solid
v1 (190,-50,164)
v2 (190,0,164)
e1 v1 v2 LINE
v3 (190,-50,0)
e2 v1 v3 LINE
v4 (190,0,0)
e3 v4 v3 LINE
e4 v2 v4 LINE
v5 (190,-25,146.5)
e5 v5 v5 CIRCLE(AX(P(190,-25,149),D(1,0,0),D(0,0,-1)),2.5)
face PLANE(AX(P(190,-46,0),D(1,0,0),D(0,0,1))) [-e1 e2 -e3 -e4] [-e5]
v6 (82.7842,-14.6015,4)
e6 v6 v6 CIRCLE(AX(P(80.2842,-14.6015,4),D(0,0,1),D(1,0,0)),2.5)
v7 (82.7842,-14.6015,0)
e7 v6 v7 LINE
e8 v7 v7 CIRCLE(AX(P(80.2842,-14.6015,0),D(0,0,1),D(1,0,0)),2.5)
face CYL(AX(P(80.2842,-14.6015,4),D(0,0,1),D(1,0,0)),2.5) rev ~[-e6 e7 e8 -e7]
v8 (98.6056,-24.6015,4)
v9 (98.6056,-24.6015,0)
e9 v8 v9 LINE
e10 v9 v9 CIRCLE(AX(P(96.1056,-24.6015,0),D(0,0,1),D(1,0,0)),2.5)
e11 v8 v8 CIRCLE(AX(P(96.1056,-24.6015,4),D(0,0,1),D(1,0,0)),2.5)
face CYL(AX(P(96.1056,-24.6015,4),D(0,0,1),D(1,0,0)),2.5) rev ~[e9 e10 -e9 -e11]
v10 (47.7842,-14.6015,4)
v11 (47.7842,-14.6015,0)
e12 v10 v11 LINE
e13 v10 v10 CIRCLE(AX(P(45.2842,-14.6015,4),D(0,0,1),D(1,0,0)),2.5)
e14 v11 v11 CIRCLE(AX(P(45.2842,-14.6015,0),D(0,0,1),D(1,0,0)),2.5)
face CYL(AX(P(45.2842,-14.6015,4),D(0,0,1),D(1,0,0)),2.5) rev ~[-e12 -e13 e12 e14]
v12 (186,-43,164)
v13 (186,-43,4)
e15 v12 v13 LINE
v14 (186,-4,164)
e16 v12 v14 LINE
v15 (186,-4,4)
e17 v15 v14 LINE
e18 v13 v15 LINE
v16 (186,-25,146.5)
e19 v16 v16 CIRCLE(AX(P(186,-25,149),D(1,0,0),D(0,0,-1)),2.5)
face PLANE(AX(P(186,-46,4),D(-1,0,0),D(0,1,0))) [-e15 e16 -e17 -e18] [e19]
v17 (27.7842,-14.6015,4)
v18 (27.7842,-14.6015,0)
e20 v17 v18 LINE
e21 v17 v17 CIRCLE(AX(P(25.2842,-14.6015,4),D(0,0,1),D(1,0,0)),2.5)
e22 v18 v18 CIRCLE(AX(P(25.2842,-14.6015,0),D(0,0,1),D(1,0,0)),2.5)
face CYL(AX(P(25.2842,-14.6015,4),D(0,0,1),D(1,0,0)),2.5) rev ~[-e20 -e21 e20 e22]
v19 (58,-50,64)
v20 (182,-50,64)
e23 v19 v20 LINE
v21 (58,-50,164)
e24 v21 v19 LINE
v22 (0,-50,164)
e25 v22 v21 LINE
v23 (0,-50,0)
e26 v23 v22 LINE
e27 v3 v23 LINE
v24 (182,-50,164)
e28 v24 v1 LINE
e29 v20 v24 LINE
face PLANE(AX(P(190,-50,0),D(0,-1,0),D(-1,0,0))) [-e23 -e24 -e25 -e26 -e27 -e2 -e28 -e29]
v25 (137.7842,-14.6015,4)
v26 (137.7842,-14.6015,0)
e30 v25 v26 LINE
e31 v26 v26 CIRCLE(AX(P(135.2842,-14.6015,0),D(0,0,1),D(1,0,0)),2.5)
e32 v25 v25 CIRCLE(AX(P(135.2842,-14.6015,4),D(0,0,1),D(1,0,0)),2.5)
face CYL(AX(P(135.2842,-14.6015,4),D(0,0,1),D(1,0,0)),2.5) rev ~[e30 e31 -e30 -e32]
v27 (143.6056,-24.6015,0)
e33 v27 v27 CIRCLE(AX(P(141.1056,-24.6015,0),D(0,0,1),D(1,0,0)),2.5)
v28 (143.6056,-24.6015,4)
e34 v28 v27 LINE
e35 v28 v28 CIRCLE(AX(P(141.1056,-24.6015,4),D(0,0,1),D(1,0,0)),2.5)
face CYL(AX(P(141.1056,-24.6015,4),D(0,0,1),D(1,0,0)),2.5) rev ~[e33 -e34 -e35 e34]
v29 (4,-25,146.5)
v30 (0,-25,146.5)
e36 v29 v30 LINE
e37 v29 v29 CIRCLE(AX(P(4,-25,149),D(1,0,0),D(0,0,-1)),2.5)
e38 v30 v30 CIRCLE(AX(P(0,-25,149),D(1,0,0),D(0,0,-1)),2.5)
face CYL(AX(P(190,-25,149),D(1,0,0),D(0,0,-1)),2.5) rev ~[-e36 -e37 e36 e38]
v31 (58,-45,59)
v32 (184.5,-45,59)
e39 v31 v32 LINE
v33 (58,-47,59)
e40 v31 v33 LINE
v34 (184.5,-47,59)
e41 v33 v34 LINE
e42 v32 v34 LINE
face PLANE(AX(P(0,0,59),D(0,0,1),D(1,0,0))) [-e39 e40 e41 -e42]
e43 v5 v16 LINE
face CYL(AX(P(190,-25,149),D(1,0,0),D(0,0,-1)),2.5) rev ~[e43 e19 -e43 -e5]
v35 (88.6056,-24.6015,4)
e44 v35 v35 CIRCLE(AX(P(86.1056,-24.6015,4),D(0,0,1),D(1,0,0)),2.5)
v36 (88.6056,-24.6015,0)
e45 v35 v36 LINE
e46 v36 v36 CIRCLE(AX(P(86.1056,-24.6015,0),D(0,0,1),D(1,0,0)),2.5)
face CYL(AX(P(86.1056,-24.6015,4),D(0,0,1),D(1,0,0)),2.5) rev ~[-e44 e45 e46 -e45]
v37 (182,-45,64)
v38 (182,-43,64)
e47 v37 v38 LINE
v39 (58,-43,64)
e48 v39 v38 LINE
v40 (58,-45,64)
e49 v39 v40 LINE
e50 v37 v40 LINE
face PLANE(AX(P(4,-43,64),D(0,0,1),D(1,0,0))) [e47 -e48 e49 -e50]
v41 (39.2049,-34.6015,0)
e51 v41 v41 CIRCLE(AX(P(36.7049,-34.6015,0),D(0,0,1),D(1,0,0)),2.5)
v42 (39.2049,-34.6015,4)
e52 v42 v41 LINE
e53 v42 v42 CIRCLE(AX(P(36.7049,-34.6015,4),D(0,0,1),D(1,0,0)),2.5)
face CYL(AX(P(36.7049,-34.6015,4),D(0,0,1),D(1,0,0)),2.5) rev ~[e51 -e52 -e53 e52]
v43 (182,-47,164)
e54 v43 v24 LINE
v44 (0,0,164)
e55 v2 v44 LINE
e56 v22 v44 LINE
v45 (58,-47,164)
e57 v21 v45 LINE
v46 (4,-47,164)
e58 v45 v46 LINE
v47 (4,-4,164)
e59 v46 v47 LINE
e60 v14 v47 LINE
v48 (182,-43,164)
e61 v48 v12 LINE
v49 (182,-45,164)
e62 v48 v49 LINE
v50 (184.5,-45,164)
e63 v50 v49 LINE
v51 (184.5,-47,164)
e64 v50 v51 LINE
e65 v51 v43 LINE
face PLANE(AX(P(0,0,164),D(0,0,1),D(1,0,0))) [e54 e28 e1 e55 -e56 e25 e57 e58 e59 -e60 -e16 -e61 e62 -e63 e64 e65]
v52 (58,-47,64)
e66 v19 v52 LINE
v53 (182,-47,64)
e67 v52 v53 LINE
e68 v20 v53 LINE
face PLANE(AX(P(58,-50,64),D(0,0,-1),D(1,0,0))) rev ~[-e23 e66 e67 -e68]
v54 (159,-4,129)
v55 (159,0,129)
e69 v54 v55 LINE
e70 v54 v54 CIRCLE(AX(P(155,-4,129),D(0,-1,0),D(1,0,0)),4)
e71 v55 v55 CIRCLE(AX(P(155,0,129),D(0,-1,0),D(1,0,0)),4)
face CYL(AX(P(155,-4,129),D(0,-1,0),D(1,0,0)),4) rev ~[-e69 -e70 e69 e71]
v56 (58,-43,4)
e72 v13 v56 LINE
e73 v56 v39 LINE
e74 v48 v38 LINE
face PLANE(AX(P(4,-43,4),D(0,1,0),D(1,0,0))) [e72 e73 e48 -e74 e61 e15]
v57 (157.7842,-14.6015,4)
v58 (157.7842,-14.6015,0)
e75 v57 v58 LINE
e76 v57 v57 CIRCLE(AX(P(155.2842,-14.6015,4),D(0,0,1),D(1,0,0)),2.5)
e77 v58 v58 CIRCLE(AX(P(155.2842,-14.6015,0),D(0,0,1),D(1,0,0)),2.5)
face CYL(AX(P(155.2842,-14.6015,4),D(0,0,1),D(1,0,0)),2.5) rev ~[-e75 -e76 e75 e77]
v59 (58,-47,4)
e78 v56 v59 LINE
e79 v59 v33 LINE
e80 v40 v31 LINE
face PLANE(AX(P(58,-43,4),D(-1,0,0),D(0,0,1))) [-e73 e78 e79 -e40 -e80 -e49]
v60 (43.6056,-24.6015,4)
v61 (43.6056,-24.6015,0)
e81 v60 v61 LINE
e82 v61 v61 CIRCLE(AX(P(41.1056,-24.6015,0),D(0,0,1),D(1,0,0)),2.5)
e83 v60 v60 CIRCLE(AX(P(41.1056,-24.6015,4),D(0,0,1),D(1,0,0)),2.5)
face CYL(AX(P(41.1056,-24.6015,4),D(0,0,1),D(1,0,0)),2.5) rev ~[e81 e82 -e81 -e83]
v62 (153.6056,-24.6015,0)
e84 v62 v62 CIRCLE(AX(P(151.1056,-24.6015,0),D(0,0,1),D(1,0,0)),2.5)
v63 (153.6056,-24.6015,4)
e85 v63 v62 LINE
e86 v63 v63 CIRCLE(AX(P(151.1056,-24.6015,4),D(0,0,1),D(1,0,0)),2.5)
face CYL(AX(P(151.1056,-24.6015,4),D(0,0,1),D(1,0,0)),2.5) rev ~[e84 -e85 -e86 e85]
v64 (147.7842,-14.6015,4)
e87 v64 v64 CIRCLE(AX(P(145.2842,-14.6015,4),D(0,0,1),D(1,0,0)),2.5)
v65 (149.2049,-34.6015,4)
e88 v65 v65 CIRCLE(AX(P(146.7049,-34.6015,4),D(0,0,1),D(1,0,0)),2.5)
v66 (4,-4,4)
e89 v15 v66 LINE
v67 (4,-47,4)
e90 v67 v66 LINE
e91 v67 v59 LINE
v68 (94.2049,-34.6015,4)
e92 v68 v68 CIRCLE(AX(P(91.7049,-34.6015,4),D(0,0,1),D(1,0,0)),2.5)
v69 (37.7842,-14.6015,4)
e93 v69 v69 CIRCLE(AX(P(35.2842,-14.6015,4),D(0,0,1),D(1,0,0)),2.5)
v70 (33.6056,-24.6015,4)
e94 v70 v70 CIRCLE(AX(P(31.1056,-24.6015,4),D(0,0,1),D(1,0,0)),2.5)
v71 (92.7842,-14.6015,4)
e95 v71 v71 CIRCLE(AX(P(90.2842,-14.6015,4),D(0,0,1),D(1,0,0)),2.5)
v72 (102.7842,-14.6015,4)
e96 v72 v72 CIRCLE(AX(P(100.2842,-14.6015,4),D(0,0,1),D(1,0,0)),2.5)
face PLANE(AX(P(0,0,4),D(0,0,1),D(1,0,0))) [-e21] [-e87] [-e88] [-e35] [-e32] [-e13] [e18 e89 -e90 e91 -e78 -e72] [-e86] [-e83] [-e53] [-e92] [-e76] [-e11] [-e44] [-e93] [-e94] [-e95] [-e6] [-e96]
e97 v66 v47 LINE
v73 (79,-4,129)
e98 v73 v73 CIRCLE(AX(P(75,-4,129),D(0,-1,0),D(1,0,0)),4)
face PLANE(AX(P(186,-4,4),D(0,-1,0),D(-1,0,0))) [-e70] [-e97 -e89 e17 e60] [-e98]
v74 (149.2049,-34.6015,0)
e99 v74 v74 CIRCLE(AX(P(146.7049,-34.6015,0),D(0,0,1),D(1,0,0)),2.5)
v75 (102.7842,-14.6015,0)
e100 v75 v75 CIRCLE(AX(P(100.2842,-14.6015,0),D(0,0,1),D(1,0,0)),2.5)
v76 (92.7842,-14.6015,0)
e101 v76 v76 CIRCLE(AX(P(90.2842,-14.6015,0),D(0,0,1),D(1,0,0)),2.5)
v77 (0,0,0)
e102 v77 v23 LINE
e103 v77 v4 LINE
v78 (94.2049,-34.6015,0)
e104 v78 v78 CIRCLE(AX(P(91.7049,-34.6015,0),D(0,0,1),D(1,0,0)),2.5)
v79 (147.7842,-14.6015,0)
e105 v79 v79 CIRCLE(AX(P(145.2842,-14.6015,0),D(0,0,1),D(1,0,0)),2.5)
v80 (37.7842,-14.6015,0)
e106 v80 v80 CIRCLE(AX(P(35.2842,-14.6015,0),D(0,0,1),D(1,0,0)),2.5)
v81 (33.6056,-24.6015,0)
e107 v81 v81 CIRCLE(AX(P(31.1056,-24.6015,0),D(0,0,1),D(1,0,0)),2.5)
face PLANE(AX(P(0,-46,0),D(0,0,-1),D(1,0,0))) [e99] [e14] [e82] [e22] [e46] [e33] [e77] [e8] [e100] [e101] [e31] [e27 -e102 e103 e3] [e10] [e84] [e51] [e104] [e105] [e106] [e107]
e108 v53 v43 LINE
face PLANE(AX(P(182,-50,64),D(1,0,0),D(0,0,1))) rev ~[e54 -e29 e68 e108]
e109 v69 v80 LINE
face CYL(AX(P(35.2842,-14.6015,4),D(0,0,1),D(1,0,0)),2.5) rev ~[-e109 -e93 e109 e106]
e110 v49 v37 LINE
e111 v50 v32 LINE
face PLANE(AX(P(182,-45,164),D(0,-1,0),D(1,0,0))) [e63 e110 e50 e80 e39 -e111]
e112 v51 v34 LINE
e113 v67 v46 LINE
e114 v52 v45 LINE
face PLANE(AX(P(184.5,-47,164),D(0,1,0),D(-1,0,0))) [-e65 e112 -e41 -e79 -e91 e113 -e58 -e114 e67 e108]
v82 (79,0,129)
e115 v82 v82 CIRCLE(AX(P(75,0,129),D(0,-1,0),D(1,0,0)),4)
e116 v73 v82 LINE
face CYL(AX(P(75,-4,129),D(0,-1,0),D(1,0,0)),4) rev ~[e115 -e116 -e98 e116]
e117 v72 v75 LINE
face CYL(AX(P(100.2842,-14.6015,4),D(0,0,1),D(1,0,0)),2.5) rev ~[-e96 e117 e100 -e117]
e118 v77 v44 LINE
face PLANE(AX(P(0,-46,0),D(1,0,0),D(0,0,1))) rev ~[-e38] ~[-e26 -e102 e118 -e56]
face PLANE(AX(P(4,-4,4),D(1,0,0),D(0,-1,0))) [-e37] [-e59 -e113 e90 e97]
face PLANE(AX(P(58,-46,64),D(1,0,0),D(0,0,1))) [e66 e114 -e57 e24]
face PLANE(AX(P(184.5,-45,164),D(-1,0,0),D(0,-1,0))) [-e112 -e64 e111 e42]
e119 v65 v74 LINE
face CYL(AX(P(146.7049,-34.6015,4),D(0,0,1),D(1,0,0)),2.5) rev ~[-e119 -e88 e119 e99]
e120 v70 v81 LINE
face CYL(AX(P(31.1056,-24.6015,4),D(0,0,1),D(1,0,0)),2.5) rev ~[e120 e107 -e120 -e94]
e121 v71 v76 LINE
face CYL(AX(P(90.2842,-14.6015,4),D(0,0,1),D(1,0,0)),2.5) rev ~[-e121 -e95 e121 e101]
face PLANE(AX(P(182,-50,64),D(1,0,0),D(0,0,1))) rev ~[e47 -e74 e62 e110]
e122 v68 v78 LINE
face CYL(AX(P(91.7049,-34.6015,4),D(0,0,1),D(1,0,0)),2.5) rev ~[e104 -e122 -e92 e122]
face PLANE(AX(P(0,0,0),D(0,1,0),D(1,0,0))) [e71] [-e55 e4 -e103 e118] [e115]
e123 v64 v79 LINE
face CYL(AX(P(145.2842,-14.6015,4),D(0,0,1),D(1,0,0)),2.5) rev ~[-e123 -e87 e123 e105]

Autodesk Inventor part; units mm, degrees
ref_plane "YZ Plane" through (0, 0, 0) normal (1, 0, 0) x (0, 1, 0)
ref_plane "XZ Plane" through (0, 0, 0) normal (0, 1, 0) x (-1, 0, 0)
ref_plane "XY Plane" through (0, 0, 0) normal (0, 0, 1) x (1, 0, 0)
sketch "Náčrt2" plane through (0, 0, 0) normal (0, 0, 1) x (1, 0, 0)
  line L0 (0, 0) -> (190, 0)
  line L1 (190, 0) -> (190, -50)
  line L2 (190, -50) -> (0, -50)
  line L3 (0, -50) -> (0, 0)
  dimension "d2" = 190
  dimension "d3" = 50
extrude "Vysunutí2" add sketch "Náčrt2" along normal blind 4
sketch "Náčrt3" plane through (0, 0, 4) normal (0, 0, 1) x (1, 0, 0)
  line L0 (190, 0) -> (0, 0) projected
  line L1 (0, -50) -> (190, -50) projected
  line L2 (190, -50) -> (190, 0) projected
  line L3 (190, 0) -> (0, 0) projected
  line L4 (0, 0) -> (0, -50) projected
  line L5 (4, -46) -> (186, -46)
  line L6 (186, -46) -> (186, -4)
  line L7 (186, -4) -> (4, -4)
  line L8 (4, -4) -> (4, -46)
  dimension "d7" = 4
extrude "Vysunutí3" add sketch "Náčrt3" along normal blind 160
sketch "Náčrt4" plane through (0, -50, 0) normal (0, -1, 0) x (1, 0, 0)
  line L0 (4, 164) -> (186, 164) projected
  line L1 (182, 164) -> (58, 164)
  line L2 (58, 164) -> (58, 64)
  line L3 (58, 64) -> (182, 64)
  line L4 (182, 64) -> (182, 164)
  line L5 (190, 0) -> (190, 164) projected
  point P0 (0, 0)
  dimension "d10" = 8
  dimension "d11" = 100
  dimension "d12" = 124
extrude "Vysunutí4" cut sketch "Náčrt4" against normal blind 10
sketch "Náčrt5" plane through (4, -4, 4) normal (0, -1, 0) x (1, 0, 0)
  line L0 (54, 60) -> (54, 160) projected
  line L1 (178, 60) -> (54, 60) projected
  circle A0 centre (151, 125) radius 4
  circle A1 centre (71, 125) radius 4
  line L2 (186, -4) -> (186, 160) projected
  line L3 (0, 160) -> (182, 160) projected
  point P0 (-4, -4)
  dimension "d15" = 8
  dimension "d16" = 8
  dimension "d17" = 35
  dimension "d18" = 80
  dimension "d19" = 35
  dimension "d20" = 35
extrude "Vysunutí5" cut sketch "Náčrt5" against normal blind 10
sketch "Náčrt6" plane through (4, -46, 4) normal (0, 1, 0) x (1, 0, 0)
  line L0 (-4, 4) -> (186, 4) projected
  line L1 (-4, 4) -> (-4, -160) projected
  line L2 (178, -160) -> (178, -60) projected
  line L3 (178, -60) -> (54, -60) projected
  line L4 (54, -60) -> (54, -160) projected
  line L5 (-4, -160) -> (54, -160) projected
  line L6 (-4, 4) -> (-4, -160) projected
  line L7 (-4, 4) -> (186, 4) projected
  line L8 (186, 4) -> (186, -160) projected
  line L9 (178, -160) -> (186, -160) projected
extrude "Vysunutí6" add sketch "Náčrt6" along normal blind 3
sketch "Náčrt7" plane through (0, 0, 164) normal (0, 0, 1) x (1, 0, 0)
  line L0 (184.5, -47) -> (4, -47)
  line L1 (4, -47) -> (4, -45)
  line L2 (4, -45) -> (184.5, -45)
  line L3 (184.5, -45) -> (184.5, -47)
  line L4 (182, -43) -> (182, -50) projected
  line L5 (182, -50) -> (190, -50) projected
  point P0 (0, 0)
  dimension "d25" = 2.5
  dimension "d26" = 2
  dimension "d27" = 3
  dimension "d28" = 180.5
extrude "Vysunutí7" cut sketch "Náčrt7" against normal blind 105
sketch "Náčrt8" plane through (4, -43, 4) normal (0, 1, 0) x (1, 0, 0)
  line L0 (54, -160) -> (54, -60) projected
  line L1 (0, -160) -> (54, -160) projected
  line L2 (54, -160) -> (0, -160)
  line L3 (0, -160) -> (0, -60)
  line L4 (0, -60) -> (54, -60)
  line L5 (54, -60) -> (54, -160)
  point P0 (-4, 4)
  point P1 (54, -60)
  dimension "d31" = 54
  dimension "d32" = 100
extrude "Vysunutí8" cut sketch "Náčrt8" against normal up to surface (4 mm away)
sketch "Náčrt9" plane through (4, -43, 4) normal (0, 1, 0) x (1, 0, 0)
  line L0 (54, -60) -> (54, -160) projected
  line L1 (0, 0) -> (54, 0)
  line L2 (54, 0) -> (54, -60)
  line L3 (54, -60) -> (0, -60)
  line L4 (0, -60) -> (0, 0)
  point P0 (-4, 4)
  dimension "d35" = 54
extrude "Vysunutí9" cut sketch "Náčrt9" against normal blind 4
sketch "Náčrt10" plane through (190, -50, 0) normal (1, 0, 0) x (0, 0, -1)
  circle A0 centre (-149, 25) radius 2.5
  line L0 (0, 0) -> (-164, 0) projected
  line L1 (-164, 0) -> (-164, 50) projected
  point P0 (0, 50)
  dimension "d38" = 5
  dimension "d39" = 25
  dimension "d40" = 15
extrude "Vysunutí10" cut sketch "Náčrt10" against normal through all
sketch "Náčrt11" plane through (0, 0, 4) normal (0, 0, 1) x (1, 0, 0)
  circle A0 centre (25.2842, -14.6015) radius 2.5
  circle A1 centre (35.2842, -14.6015) radius 2.5
  circle A2 centre (45.2842, -14.6015) radius 2.5
  circle A3 centre (31.1056, -24.6015) radius 2.5
  circle A4 centre (41.1056, -24.6015) radius 2.5
  circle A5 centre (36.7049, -34.6015) radius 2.5
  line L0 (25.2842, -14.6015) -> (59.2692, -14.6015) construction
  line L1 (31.1056, -24.6015) -> (52.5835, -24.6015) construction
  point P0 (0, 0)
  dimension "d43" = 5
  dimension "d44" = 5
  dimension "d45" = 5
  dimension "d46" = 5
  dimension "d47" = 5
  dimension "d48" = 5
  dimension "d49" = 10
  dimension "d50" = 10
  dimension "d51" = 10
  dimension "d52" = 10
  dimension "d53" = 10
extrude "Vysunutí11" cut sketch "Náčrt11" against normal through all
pattern_linear "Obdélníkové pole1" count 3 spacing 55 along (1, 0, 0) of "Vysunutí11"
properties part number "krab2"
